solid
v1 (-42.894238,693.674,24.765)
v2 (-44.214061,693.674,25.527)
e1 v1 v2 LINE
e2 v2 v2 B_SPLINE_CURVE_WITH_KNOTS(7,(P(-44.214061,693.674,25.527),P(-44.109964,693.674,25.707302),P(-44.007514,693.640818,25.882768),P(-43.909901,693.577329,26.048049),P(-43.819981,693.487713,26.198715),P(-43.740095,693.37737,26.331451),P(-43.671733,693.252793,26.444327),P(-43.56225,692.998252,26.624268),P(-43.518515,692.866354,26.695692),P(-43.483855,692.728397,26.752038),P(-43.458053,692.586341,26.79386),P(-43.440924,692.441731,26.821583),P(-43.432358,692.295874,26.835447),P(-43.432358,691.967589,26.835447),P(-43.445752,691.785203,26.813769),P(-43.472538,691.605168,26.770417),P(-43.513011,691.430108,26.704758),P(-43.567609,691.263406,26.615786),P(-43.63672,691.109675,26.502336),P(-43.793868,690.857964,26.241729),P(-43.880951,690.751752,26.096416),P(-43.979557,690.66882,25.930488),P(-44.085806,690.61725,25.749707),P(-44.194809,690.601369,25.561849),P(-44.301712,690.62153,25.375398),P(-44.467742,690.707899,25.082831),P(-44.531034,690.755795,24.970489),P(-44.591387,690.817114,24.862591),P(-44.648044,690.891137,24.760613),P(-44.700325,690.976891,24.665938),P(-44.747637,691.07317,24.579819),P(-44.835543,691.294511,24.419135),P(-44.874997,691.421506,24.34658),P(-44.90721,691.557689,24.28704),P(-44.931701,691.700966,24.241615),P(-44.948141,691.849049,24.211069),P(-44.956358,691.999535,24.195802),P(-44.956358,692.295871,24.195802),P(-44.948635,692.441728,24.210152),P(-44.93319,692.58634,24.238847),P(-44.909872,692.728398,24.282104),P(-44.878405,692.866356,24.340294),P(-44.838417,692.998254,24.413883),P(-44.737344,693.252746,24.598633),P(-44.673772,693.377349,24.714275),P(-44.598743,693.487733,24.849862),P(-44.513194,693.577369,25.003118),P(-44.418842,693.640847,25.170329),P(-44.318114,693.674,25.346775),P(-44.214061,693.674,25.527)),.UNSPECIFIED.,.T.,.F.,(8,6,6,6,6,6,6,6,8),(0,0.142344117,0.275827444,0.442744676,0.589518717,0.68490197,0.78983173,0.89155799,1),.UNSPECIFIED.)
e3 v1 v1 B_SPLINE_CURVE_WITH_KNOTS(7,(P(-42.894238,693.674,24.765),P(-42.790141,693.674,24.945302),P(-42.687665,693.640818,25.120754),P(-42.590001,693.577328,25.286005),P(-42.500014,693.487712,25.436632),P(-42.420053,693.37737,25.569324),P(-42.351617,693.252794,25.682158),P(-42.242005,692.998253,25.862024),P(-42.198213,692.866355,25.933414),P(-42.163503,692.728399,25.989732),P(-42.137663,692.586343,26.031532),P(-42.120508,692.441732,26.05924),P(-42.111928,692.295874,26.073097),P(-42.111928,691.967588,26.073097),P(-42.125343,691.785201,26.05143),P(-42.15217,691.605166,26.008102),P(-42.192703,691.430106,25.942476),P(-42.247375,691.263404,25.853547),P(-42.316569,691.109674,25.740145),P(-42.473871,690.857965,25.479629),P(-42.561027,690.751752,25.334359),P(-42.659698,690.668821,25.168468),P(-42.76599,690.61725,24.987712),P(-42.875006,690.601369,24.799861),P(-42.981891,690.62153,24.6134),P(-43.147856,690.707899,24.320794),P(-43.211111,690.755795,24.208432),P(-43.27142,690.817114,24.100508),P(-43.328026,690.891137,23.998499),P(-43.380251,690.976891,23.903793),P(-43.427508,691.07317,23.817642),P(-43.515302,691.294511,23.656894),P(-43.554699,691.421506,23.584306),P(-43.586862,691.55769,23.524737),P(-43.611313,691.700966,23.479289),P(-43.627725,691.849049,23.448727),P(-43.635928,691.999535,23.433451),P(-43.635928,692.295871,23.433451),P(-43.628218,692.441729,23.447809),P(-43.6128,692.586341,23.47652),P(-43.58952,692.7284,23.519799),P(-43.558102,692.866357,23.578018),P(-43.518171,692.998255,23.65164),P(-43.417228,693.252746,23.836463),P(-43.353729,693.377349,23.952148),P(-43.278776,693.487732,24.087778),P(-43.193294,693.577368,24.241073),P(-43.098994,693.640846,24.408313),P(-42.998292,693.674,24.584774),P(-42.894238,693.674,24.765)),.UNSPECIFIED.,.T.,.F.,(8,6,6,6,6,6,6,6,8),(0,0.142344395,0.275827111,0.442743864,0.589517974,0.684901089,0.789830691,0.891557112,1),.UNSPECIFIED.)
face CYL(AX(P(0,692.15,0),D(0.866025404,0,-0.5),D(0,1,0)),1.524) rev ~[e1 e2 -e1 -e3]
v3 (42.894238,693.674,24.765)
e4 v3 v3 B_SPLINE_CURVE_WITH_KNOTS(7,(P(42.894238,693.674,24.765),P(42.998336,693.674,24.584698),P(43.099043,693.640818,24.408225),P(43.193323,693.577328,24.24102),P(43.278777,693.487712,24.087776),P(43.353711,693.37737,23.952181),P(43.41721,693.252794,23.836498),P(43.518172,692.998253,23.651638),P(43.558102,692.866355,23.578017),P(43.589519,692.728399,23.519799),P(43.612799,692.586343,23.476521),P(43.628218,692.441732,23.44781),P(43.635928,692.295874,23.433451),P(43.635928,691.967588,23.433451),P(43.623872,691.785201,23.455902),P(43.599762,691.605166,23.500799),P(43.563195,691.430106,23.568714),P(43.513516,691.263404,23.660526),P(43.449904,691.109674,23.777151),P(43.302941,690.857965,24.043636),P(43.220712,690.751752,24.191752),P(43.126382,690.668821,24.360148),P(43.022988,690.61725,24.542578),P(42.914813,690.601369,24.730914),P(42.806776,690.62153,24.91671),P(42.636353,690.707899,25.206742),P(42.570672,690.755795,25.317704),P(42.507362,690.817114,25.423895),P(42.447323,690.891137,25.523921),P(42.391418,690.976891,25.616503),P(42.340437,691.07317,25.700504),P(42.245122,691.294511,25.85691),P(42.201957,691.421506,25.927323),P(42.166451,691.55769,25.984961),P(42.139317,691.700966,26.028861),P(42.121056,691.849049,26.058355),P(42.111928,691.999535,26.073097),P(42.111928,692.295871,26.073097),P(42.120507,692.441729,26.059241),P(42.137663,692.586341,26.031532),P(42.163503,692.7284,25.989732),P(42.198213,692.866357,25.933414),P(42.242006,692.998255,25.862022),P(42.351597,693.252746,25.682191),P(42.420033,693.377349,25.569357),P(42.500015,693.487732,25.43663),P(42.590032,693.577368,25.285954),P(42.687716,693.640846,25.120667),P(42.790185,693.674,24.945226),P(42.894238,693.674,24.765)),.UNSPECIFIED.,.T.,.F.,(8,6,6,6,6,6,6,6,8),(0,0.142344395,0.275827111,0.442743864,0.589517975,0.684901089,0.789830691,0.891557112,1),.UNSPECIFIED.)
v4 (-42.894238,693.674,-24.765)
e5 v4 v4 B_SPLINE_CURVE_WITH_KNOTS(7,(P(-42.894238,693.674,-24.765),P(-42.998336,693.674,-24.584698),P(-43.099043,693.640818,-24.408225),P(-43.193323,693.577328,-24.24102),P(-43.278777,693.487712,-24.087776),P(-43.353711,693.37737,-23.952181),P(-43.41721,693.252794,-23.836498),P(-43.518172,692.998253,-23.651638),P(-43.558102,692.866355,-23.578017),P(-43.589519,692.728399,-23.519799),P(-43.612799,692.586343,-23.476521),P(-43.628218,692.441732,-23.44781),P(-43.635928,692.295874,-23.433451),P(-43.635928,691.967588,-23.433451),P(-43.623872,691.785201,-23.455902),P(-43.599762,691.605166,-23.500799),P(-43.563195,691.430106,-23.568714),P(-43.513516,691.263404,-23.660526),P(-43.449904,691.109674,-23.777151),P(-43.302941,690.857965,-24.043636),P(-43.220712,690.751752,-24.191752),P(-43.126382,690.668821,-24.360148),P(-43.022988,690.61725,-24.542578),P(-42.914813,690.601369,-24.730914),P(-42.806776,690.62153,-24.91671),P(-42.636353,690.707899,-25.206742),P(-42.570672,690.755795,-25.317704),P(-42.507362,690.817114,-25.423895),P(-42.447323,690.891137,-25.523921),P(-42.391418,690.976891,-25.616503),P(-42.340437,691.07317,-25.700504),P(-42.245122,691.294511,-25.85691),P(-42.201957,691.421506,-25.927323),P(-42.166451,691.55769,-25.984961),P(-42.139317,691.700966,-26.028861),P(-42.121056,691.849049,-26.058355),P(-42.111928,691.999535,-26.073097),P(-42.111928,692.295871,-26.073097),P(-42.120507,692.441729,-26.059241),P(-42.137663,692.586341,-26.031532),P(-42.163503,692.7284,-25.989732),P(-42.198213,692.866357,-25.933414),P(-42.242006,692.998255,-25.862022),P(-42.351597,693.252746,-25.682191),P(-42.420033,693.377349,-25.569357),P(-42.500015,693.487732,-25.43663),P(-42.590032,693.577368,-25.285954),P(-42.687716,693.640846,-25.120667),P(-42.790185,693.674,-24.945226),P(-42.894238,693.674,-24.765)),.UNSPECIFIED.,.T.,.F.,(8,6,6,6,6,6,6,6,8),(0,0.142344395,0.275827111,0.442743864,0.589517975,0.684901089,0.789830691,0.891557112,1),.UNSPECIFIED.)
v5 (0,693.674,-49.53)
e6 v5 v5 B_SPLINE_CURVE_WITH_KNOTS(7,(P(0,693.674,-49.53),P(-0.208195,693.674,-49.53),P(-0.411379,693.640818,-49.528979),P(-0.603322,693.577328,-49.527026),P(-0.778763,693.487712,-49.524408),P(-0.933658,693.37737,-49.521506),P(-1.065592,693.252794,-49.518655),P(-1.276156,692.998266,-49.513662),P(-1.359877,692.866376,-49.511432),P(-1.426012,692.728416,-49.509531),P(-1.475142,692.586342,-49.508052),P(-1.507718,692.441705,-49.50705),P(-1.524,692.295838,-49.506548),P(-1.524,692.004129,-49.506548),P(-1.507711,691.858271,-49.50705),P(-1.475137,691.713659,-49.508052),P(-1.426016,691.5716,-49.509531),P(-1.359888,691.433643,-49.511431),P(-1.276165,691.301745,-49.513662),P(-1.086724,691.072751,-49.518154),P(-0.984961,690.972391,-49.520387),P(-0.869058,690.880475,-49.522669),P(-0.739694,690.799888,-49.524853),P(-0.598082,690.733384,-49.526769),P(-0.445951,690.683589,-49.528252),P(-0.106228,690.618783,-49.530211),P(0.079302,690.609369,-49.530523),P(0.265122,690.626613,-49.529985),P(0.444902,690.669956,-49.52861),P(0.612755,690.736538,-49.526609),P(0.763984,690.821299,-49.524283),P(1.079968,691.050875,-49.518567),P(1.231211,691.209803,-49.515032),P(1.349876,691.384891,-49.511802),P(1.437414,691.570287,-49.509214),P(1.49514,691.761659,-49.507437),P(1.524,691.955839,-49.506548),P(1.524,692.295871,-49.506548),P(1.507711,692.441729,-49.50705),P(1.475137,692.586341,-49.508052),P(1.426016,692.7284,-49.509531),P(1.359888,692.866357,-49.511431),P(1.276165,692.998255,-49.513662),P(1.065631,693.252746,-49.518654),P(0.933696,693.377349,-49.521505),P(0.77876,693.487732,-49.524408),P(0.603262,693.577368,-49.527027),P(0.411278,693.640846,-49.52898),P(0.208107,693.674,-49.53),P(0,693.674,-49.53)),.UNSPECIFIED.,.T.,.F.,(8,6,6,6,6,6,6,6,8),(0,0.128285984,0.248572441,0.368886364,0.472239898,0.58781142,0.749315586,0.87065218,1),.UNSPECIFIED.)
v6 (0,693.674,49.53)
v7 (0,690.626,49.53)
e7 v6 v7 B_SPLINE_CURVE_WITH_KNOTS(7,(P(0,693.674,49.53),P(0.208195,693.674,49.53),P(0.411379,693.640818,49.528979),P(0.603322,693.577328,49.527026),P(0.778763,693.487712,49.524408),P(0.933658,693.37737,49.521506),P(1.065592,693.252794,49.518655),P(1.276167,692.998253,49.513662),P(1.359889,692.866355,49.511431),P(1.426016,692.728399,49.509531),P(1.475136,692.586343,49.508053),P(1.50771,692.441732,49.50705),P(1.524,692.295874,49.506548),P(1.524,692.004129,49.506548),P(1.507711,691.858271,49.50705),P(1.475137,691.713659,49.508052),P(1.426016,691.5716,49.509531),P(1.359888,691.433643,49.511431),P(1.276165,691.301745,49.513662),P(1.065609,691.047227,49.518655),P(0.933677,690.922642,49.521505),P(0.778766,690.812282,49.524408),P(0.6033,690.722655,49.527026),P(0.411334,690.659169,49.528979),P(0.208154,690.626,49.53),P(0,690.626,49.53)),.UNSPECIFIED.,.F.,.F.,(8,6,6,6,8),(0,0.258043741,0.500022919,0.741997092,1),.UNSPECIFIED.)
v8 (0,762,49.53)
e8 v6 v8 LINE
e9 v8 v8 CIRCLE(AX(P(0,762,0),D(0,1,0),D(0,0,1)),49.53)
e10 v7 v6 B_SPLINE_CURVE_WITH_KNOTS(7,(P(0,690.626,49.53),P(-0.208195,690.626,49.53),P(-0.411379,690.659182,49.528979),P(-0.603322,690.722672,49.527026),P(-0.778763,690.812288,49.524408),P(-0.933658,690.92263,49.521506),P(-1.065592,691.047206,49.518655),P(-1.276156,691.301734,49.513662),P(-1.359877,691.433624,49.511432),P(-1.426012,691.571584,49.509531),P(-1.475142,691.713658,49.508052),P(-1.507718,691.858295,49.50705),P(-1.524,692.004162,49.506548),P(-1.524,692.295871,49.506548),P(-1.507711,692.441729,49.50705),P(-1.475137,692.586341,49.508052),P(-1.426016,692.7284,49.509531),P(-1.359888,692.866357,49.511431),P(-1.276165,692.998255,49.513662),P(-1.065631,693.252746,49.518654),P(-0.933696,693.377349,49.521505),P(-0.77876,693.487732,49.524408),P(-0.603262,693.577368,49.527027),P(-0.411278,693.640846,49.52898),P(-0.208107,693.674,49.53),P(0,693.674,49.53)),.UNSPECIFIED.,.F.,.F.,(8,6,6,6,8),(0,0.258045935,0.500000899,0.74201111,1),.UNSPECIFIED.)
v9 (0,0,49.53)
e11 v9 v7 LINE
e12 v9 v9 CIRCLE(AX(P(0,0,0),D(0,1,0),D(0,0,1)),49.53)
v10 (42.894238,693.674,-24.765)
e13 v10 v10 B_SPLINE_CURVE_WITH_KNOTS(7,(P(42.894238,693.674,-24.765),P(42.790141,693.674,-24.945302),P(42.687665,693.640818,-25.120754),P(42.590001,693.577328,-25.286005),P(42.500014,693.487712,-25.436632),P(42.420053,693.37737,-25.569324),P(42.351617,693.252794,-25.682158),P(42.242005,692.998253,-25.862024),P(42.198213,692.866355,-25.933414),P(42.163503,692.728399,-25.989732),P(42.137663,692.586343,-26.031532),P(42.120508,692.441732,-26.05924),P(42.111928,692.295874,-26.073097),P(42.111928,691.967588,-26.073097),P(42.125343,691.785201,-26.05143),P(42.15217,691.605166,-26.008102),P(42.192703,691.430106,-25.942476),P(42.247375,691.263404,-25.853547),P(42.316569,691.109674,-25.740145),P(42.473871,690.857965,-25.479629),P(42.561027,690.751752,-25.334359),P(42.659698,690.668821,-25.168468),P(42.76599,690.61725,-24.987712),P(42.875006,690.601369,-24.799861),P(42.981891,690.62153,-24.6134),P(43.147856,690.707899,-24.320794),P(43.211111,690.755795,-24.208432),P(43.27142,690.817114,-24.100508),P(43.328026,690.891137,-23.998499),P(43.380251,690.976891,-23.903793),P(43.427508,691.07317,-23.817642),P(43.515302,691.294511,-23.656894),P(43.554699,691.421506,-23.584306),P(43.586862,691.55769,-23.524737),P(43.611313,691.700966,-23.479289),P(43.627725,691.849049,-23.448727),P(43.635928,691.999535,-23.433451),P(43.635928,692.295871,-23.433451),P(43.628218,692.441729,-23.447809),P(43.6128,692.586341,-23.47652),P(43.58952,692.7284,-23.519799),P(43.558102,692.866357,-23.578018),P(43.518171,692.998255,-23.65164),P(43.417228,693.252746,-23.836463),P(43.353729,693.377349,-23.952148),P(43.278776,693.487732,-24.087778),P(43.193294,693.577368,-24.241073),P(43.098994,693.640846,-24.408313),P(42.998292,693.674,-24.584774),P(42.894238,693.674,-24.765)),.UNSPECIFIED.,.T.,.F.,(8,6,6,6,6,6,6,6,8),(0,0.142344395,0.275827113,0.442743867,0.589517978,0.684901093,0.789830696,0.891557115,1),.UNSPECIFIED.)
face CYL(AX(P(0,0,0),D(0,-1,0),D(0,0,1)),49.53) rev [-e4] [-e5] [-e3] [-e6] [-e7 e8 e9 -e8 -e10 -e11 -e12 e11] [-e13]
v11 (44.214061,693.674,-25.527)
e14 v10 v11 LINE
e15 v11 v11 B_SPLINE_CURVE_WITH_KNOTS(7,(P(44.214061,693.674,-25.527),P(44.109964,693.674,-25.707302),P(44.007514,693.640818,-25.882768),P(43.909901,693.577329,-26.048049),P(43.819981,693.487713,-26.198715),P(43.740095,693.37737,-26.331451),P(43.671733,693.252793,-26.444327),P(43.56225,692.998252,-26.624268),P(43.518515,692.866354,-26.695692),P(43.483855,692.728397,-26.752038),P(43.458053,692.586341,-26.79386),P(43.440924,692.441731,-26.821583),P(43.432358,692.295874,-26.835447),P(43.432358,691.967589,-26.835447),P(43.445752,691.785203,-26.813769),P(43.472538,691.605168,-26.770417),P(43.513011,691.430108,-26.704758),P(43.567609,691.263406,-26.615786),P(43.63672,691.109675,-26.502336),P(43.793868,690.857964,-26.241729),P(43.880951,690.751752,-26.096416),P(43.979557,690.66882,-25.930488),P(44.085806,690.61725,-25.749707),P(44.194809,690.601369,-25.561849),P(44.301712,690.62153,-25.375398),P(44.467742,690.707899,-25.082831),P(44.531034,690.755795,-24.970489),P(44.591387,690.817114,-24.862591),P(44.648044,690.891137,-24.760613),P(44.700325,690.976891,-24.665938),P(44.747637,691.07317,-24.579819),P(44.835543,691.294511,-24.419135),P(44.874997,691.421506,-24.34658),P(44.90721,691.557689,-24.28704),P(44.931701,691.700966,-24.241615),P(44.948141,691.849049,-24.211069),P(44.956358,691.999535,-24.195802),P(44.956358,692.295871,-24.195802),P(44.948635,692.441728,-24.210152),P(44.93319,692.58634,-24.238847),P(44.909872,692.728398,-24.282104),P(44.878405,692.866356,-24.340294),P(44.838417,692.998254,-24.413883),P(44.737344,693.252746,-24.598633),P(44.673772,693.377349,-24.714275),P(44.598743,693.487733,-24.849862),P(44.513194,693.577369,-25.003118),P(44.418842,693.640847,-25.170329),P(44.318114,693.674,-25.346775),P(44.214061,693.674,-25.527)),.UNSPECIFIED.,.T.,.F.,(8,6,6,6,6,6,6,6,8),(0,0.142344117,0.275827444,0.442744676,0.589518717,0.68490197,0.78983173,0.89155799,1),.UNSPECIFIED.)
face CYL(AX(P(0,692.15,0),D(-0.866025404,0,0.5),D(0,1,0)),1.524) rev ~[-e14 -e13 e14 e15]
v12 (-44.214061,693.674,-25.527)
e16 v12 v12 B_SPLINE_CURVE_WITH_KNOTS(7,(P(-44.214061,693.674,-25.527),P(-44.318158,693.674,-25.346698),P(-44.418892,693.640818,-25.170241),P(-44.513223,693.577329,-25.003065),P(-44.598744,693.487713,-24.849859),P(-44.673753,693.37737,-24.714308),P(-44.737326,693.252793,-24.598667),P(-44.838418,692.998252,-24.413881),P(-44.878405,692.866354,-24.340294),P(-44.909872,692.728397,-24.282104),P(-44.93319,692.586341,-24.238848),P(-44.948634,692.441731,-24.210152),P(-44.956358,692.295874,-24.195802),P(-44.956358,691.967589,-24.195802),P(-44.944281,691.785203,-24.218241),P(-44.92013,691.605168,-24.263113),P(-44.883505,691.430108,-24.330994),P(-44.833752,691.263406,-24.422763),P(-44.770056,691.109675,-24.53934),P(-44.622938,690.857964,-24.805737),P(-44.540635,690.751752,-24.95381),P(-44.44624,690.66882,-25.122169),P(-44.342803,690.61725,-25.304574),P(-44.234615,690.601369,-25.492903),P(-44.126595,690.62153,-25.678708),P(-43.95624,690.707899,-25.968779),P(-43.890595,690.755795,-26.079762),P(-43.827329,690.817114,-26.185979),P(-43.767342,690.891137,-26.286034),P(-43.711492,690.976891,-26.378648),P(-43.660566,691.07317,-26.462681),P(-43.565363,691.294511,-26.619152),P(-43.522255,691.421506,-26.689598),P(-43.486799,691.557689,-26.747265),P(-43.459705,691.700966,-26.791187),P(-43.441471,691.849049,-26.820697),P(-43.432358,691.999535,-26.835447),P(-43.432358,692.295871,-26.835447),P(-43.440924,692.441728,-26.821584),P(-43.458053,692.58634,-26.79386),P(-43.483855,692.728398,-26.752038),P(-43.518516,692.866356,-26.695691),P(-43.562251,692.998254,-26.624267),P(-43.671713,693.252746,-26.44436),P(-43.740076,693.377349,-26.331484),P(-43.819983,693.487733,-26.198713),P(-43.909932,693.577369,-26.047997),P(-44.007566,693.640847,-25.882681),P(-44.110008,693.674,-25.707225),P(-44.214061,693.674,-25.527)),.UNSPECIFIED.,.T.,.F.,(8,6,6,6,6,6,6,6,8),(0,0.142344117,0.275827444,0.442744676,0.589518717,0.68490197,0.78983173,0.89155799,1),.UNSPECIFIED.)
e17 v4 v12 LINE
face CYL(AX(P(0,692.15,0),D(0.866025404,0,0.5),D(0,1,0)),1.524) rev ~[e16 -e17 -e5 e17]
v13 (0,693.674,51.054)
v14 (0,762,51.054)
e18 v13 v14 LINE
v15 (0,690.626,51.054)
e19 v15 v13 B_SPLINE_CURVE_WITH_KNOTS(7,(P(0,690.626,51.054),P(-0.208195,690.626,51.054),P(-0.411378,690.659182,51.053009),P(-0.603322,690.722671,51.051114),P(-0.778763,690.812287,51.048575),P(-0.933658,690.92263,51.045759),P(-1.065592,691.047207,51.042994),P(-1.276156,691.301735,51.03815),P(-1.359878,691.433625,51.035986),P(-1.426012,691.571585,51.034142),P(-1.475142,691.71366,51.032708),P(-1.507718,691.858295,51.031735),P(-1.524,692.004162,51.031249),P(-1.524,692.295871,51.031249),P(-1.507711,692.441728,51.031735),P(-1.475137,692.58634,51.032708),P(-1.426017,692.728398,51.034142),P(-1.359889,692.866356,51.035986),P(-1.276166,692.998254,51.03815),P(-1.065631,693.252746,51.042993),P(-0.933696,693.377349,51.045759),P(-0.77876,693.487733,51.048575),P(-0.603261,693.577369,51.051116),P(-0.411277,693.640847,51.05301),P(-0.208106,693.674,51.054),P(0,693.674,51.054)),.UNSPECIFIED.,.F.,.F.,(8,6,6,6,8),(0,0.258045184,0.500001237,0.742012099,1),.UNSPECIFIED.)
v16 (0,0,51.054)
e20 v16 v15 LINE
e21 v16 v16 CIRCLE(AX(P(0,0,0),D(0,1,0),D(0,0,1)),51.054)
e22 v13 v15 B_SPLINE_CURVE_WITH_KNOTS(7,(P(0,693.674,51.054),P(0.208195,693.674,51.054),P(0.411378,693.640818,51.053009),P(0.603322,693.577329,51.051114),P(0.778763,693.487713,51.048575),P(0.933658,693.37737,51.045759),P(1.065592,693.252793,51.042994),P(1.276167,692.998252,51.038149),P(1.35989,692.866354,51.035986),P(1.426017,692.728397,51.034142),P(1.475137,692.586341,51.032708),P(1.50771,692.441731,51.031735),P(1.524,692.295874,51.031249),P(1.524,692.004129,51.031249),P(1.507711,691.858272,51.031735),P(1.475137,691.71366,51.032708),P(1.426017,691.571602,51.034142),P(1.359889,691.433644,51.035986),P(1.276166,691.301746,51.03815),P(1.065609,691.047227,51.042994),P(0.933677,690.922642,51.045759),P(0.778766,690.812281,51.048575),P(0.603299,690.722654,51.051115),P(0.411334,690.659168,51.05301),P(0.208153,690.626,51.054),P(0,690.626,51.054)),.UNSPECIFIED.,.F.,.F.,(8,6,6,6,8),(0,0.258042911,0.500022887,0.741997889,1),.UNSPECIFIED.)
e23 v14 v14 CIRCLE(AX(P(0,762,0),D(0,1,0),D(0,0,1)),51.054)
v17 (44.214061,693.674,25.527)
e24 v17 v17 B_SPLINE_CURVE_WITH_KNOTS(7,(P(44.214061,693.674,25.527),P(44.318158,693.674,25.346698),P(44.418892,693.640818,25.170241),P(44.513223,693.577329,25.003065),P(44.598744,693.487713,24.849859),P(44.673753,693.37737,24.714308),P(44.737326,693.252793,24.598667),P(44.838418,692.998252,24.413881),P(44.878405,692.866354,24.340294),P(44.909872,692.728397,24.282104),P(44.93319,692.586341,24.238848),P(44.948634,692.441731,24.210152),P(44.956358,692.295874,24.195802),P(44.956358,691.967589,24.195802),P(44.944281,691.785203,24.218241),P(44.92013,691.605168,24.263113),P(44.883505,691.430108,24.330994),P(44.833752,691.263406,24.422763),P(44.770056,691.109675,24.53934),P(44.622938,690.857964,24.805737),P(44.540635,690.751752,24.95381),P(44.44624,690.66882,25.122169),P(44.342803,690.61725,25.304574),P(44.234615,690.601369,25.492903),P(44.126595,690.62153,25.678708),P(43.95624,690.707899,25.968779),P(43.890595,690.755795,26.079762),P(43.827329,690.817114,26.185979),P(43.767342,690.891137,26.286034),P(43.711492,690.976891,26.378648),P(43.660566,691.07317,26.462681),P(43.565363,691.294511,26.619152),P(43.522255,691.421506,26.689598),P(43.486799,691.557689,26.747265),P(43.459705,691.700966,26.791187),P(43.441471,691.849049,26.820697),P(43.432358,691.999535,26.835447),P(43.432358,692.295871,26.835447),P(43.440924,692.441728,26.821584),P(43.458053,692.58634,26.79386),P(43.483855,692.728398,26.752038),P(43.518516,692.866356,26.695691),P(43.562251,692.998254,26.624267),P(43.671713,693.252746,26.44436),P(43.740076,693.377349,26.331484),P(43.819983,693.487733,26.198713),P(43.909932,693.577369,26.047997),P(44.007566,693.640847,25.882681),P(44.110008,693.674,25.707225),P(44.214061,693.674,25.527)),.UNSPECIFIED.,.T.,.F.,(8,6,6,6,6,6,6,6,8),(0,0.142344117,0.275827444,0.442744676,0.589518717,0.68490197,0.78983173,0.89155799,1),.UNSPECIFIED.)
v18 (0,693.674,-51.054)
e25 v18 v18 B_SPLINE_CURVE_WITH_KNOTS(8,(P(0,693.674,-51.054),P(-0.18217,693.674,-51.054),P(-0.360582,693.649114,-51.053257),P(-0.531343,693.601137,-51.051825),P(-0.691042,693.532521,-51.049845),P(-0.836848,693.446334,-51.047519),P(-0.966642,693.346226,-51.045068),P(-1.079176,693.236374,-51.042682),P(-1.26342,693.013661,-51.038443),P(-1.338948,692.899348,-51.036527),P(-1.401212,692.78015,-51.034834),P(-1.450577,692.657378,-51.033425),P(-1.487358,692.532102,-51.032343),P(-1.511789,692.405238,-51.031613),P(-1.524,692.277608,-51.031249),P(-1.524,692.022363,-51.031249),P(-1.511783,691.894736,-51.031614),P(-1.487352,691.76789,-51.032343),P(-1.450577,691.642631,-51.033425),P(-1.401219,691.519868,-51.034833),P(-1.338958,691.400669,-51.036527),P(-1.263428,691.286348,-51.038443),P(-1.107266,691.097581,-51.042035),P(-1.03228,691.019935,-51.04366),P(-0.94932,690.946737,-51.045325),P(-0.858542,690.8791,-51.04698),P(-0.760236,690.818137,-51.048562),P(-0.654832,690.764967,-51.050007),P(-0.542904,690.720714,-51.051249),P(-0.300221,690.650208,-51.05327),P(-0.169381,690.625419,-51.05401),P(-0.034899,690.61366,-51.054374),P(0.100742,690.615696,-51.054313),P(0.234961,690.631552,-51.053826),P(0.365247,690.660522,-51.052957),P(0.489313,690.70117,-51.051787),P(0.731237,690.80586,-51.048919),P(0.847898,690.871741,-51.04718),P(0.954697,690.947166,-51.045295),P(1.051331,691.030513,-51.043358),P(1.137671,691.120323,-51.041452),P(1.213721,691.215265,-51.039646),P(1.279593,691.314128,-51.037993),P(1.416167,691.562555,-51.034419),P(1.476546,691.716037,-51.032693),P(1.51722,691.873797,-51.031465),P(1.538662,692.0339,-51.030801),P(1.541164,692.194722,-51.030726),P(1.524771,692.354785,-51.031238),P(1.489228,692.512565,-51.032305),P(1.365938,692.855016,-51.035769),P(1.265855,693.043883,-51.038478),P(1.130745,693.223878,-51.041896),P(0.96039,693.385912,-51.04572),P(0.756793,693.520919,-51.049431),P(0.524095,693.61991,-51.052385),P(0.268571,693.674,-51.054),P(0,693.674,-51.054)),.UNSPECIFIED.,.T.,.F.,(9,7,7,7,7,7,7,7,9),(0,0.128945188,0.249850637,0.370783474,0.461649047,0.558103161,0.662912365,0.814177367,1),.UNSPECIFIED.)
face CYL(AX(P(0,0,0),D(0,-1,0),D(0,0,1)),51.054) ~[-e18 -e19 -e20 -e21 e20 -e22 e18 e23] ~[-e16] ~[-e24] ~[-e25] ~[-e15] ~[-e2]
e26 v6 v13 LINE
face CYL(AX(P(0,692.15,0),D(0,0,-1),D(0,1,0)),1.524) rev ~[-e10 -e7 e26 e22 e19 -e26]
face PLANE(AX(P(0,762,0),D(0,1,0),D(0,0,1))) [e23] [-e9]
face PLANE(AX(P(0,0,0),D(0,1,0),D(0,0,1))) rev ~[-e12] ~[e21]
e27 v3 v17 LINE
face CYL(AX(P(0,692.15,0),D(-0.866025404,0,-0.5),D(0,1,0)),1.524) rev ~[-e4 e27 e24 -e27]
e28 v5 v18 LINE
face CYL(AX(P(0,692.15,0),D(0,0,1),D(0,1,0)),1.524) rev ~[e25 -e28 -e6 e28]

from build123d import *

# Parameters (mm, degrees)
SKETCH1_R           = 51.054
SKETCH1_R_2         = 49.53
BOSS_EXTRUDE1_DEPTH = 762
SKETCH2_R           = 1.524
CUT_EXTRUDE1_DEPTH  = 66.04
CIRPATTERN1_COUNT   = 6


with BuildPart() as part:
    # Sketch1 → Boss-Extrude1 (new body)
    with BuildSketch(Plane(origin=(0, 0, 0), x_dir=(1, 0, 0), z_dir=(0, 1, 0))):
        with Locations(Location((0, 0, 0), (0, 0, 270))):
            Circle(SKETCH1_R)
        with Locations(Location((0, 0, 0), (0, 0, 270))):
            Circle(SKETCH1_R_2, mode=Mode.SUBTRACT)
    extrude(amount=BOSS_EXTRUDE1_DEPTH)

    # Sketch2 → Cut-Extrude1 (cut)
    with BuildSketch(Plane.XY):
        with Locations(Location((0, 692.15, 0), (0, 0, 90))):
            Circle(SKETCH2_R)
    cut_extrude1 = extrude(amount=-CUT_EXTRUDE1_DEPTH, mode=Mode.SUBTRACT)

    # CirPattern1: Cut-Extrude1 ×6 about axis
    cirpattern1_axis = Axis((0, 762, 0), (0, -1, 0))
    for i in range(1, CIRPATTERN1_COUNT):
        add(cut_extrude1.rotate(cirpattern1_axis, i * 360 / CIRPATTERN1_COUNT), mode=Mode.SUBTRACT)


solid = part.part
